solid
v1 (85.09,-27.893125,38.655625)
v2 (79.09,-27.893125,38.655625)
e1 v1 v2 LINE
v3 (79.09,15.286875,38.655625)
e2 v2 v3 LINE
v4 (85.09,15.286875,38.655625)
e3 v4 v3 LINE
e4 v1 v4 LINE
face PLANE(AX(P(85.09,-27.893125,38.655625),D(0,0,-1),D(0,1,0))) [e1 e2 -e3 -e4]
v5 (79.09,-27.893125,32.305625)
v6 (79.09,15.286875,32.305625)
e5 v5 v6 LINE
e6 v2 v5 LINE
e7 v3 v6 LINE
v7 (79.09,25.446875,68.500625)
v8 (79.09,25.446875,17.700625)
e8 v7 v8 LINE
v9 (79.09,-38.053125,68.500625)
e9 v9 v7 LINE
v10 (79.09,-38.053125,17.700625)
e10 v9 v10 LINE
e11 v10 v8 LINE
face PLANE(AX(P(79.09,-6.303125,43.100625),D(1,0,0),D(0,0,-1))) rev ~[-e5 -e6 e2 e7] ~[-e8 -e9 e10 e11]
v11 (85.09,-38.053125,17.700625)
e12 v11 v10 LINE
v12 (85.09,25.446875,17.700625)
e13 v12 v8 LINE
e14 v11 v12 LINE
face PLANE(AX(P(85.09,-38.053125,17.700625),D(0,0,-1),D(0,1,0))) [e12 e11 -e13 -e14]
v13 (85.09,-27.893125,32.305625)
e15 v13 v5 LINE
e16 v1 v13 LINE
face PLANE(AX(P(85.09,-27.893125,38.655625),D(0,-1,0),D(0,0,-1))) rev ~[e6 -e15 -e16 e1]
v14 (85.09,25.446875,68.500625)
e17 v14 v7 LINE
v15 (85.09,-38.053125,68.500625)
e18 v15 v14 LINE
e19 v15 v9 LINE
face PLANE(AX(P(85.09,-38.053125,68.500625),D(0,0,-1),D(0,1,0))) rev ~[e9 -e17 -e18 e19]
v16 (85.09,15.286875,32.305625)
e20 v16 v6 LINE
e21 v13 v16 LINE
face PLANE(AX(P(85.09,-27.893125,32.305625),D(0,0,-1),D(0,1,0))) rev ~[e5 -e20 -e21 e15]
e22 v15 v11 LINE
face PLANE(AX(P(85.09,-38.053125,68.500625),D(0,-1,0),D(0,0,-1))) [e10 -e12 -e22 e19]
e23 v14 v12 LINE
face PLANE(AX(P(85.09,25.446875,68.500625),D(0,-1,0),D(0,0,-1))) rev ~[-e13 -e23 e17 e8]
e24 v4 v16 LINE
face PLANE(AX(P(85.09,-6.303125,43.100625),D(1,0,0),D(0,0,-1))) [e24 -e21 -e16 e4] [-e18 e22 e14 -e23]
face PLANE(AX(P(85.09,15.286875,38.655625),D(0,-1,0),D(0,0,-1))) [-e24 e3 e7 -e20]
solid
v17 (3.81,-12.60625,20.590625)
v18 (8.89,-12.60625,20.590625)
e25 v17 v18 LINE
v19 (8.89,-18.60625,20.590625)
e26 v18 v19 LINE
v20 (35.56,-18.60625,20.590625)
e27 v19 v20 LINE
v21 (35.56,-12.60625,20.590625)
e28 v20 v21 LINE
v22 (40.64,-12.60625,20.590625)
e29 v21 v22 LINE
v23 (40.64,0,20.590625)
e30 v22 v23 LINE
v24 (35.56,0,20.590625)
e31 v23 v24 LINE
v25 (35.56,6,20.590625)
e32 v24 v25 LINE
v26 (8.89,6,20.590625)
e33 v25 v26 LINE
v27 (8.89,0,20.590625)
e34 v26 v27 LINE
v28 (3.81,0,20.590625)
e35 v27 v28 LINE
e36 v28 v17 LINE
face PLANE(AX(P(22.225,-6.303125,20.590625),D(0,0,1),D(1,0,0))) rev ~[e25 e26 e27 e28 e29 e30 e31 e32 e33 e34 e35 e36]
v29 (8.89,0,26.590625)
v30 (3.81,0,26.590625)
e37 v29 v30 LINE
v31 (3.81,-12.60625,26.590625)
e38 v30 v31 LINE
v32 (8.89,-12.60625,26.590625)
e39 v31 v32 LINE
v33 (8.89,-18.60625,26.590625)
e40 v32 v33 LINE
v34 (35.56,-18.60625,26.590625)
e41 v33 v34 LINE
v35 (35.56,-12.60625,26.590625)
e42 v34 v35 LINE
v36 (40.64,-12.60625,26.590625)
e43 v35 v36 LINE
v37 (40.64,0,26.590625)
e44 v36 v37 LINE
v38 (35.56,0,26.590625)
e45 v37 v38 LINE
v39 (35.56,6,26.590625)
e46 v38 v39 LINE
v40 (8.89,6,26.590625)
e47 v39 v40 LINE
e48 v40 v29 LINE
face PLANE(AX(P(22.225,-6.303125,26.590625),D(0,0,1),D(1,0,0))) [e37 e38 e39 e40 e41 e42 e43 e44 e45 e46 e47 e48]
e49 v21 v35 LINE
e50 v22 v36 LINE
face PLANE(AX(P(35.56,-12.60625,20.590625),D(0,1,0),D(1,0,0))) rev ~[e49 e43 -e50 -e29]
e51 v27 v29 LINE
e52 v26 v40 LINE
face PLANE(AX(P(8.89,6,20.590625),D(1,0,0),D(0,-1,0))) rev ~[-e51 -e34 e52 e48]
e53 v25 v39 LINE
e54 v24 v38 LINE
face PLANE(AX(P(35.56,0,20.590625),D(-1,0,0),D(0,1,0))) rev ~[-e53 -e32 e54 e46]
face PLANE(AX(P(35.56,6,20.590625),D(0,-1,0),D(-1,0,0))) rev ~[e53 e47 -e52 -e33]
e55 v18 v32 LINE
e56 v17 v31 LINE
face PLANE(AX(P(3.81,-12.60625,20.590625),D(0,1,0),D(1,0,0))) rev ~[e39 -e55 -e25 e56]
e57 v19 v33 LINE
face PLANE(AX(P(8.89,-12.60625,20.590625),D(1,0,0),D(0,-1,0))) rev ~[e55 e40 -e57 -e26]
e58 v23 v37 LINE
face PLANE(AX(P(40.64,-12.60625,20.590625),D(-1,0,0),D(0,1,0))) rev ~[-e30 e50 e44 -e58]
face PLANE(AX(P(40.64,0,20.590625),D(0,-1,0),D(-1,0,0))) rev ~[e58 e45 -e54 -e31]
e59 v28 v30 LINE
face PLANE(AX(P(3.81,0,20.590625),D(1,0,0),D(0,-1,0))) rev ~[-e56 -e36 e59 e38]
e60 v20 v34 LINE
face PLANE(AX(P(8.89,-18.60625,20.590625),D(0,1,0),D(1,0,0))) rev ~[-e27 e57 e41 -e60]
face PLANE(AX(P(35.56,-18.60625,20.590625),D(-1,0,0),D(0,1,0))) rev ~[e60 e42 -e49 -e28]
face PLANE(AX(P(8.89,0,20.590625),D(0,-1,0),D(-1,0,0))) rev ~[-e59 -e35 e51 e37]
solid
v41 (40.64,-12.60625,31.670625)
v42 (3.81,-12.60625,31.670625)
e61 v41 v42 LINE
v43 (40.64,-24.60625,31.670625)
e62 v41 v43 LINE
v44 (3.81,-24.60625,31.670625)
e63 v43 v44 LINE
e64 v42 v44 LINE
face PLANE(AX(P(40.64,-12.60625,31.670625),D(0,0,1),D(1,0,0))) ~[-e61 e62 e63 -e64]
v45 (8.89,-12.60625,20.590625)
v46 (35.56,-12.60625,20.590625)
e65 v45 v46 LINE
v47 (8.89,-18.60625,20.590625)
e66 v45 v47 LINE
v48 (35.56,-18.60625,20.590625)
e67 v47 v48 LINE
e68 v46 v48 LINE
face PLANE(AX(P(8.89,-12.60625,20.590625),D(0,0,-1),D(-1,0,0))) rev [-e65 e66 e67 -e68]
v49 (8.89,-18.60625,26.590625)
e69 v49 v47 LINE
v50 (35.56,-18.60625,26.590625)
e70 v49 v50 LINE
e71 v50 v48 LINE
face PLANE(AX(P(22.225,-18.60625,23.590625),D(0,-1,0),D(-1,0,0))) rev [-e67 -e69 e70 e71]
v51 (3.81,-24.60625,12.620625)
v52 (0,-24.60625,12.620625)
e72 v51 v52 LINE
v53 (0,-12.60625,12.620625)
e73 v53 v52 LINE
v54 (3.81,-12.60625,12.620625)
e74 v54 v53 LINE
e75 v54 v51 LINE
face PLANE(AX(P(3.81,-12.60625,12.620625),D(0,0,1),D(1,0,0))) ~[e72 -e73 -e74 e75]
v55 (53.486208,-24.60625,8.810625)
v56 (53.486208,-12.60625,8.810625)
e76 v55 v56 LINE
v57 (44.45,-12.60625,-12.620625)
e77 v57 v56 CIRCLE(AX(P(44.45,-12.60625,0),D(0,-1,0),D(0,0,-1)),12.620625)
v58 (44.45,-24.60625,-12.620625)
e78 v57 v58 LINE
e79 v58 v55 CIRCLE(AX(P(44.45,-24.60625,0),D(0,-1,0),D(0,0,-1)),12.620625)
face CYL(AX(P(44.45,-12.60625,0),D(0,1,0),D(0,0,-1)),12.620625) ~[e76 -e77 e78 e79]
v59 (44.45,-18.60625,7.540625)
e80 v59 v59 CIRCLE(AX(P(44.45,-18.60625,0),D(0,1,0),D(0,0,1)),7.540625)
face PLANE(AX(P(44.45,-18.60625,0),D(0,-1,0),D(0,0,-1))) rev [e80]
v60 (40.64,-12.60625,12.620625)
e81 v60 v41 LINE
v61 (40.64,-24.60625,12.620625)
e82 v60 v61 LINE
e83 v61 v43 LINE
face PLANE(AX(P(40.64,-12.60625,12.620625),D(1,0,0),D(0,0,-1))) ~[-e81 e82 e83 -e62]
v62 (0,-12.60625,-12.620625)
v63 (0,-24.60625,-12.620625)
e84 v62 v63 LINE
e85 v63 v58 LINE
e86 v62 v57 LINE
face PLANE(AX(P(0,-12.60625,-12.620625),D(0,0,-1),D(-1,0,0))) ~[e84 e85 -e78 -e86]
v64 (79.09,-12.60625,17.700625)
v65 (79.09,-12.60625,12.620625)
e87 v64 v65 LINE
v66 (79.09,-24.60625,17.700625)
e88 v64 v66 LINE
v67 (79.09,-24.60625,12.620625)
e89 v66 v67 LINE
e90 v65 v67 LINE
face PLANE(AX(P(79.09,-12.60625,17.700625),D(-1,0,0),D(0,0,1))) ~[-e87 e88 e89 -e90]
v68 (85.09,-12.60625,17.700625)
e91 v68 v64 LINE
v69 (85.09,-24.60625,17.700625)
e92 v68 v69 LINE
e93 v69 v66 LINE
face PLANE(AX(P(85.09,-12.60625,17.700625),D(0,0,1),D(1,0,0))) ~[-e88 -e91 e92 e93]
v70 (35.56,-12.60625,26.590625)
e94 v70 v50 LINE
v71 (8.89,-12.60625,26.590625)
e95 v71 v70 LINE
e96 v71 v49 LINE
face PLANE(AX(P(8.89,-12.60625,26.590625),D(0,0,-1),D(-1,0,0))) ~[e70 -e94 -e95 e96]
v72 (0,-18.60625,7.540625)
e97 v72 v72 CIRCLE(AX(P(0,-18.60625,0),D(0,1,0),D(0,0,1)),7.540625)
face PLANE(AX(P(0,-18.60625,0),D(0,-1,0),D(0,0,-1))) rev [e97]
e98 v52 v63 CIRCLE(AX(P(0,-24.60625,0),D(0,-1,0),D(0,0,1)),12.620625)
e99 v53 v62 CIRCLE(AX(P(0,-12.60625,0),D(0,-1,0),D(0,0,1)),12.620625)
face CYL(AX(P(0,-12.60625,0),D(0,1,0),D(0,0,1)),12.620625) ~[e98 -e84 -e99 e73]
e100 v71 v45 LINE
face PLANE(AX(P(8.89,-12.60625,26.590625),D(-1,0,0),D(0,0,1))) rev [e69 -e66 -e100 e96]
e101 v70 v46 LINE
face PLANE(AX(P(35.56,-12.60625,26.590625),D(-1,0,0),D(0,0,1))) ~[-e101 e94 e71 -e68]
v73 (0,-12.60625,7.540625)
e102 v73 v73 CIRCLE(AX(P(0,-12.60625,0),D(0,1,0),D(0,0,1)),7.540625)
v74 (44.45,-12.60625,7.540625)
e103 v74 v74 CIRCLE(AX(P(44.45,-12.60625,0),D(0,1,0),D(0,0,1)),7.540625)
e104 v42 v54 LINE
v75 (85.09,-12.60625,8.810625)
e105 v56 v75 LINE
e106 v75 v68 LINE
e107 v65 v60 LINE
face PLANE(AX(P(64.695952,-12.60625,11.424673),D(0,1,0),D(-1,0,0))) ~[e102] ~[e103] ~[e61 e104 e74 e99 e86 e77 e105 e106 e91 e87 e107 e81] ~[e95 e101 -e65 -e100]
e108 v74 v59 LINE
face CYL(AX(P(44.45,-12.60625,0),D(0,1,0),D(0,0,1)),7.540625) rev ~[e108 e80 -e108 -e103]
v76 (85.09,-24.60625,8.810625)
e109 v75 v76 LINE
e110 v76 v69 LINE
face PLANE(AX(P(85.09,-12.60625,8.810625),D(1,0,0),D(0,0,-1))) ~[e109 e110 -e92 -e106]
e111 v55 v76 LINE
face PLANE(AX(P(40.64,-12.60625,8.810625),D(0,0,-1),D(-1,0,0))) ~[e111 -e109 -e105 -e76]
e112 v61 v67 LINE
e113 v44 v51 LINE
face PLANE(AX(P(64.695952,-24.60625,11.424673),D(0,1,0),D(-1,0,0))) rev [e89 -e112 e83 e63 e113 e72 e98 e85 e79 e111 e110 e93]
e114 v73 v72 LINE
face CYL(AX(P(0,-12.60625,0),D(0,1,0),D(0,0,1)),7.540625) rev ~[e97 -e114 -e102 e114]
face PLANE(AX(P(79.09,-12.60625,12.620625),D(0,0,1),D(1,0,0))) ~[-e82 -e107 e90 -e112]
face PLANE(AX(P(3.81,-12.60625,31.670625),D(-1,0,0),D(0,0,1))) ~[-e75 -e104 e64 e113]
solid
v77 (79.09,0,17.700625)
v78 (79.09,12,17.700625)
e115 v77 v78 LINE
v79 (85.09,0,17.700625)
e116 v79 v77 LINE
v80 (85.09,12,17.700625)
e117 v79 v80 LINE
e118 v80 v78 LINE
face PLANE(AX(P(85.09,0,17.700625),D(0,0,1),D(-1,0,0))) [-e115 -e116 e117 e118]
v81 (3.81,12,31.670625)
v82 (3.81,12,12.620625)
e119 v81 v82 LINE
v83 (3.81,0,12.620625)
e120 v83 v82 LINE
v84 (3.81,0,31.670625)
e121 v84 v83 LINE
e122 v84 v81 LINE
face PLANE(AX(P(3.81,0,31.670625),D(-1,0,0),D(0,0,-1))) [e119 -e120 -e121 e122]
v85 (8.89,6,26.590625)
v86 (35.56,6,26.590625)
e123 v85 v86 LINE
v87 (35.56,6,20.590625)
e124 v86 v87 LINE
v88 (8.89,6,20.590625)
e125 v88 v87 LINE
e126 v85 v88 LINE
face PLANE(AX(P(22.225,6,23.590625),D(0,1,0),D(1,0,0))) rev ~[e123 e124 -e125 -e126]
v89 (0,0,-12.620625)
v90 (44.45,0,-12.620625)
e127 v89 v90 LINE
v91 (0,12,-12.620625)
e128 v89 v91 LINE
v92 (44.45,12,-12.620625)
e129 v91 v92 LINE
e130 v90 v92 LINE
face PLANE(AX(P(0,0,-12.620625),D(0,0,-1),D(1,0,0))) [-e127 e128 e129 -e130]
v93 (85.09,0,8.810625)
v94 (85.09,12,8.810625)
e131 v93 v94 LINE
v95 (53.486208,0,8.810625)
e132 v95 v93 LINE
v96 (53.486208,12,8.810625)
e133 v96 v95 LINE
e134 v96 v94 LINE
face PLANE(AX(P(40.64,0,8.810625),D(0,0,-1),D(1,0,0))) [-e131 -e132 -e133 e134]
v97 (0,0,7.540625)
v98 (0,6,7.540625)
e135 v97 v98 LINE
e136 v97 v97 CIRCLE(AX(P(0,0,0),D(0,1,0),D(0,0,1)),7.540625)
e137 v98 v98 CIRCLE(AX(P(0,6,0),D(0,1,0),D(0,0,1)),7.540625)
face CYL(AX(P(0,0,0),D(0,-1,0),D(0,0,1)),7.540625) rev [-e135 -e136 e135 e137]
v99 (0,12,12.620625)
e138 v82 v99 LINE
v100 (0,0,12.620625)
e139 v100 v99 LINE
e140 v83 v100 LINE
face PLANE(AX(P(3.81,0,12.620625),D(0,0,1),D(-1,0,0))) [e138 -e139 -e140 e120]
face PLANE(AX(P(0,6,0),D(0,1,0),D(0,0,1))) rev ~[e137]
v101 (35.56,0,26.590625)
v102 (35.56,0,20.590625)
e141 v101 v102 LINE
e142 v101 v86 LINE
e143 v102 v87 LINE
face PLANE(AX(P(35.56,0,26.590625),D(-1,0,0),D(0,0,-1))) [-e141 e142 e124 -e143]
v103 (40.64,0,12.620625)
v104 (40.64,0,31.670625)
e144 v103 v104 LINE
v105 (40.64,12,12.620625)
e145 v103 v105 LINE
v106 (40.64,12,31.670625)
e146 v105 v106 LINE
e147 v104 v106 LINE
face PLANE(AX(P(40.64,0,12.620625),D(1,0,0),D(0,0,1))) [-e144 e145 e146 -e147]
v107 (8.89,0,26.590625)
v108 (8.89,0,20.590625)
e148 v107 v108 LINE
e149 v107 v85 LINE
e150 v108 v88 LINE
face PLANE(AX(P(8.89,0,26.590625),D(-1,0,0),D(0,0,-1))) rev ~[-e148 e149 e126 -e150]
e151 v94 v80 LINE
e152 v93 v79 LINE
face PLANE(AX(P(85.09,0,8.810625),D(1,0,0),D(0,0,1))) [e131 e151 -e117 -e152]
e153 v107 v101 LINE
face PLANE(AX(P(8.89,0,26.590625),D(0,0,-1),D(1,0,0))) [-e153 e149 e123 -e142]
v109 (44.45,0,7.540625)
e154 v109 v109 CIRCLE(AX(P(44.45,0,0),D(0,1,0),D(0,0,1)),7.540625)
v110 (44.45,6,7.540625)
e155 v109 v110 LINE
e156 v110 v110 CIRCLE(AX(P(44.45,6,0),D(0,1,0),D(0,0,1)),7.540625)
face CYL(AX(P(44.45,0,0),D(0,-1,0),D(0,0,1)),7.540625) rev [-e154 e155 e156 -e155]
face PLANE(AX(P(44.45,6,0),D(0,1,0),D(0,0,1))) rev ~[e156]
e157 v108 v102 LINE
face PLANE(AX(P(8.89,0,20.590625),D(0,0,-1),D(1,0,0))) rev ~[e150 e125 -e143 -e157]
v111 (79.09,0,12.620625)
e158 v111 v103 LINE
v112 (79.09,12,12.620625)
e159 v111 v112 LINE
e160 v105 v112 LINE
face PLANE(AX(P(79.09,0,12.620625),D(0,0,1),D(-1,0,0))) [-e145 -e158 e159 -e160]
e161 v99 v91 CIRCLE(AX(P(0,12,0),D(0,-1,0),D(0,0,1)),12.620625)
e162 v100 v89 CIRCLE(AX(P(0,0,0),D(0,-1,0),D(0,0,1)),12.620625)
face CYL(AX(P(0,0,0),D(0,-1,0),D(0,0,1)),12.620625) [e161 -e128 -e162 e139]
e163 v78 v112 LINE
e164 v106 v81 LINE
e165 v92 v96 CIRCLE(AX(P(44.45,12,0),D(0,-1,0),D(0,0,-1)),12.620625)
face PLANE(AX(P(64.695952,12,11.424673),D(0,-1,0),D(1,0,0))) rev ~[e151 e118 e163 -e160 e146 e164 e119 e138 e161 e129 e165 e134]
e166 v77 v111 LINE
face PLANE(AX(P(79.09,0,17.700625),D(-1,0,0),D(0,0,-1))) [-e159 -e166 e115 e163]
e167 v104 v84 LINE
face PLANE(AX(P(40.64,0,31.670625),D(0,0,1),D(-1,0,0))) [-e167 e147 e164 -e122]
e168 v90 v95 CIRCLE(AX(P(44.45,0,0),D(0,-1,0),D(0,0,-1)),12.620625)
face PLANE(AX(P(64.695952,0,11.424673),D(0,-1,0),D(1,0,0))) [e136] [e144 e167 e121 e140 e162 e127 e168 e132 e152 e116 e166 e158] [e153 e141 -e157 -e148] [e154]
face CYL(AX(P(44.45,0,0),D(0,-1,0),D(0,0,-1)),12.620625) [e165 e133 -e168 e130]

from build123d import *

# Parameters (mm, degrees)
BOSS_EXTRUDE1_DEPTH = 12
SKETCH1_3_R         = 7.540625
SKETCH1_3_W         = 26.67
SKETCH1_3_H         = 6
CUT_EXTRUDE1_DEPTH  = 6
BOSS_EXTRUDE3_DEPTH = 12
BOSS_EXTRUDE2_DEPTH = 6
SKETCH4_W           = 50.8
SKETCH4_H           = 63.5
SKETCH4_W_2         = 6.35
SKETCH4_H_2         = 43.18
BOSS_EXTRUDE4_DEPTH = 6


with BuildPart() as part:
    # Sketch1 → Boss-Extrude1 (new body)
    with BuildSketch(Plane(origin=(0, 0, 0), x_dir=(1, 0, 0), z_dir=(0, 1, 0))):
        with BuildLine():
            Line((0, 12.620625), (44.45, 12.620625))
            ThreePointArc((44.45, 12.620625), (57.070625, 0), (44.45, -12.620625))
            Line((44.45, -12.620625), (40.64, -12.620625))
            Line((40.64, -12.620625), (40.64, -31.670625))
            Line((40.64, -31.670625), (3.81, -31.670625))
            Line((3.81, -31.670625), (3.81, -12.620625))
            Line((3.81, -12.620625), (0, -12.620625))
            ThreePointArc((0, -12.620625), (-12.620625, 0), (0, 12.620625))
        make_face()
    extrude(amount=BOSS_EXTRUDE1_DEPTH)

    # Sketch1<3> → Cut-Extrude1 (cut)
    with BuildSketch(Plane(origin=(0, 0, 0), x_dir=(1, 0, 0), z_dir=(0, 1, 0))):
        with Locations(Location((0, 0, 0), (0, 0, 270))):
            Circle(SKETCH1_3_R)
        with Locations(Location((44.45, 0, 0), (0, 0, 270))):
            Circle(SKETCH1_3_R)
        with Locations((22.225, -23.590625)):
            Rectangle(SKETCH1_3_W, SKETCH1_3_H)
    extrude(amount=CUT_EXTRUDE1_DEPTH, mode=Mode.SUBTRACT)

    # Sketch3 → Boss-Extrude3 (add)
    with BuildSketch(Plane.XZ):
        Polygon((85.09, 12.620625), (85.09, 17.700625), (79.09, 17.700625), (79.09, 12.620625), (40.64, 12.620625), (40.64, 8.810625), (85.09, 8.810625), align=None)
    extrude(amount=-BOSS_EXTRUDE3_DEPTH)


with BuildPart() as body_2:
    # Mirror1: mirrored copy
    add(part.part.mirror(Plane(origin=(0, -6.303125062, 0), x_dir=(0, 0, 1), z_dir=(0, -1, 0))))


with BuildPart() as body_3:
    # Sketch2 → Boss-Extrude2 (new body)
    with BuildSketch(Plane.XY.offset(20.590625)):
        Polygon((8.89, -12.606250124), (8.89, -18.606250124), (35.56, -18.606250124), (35.56, -12.606250124), (40.64, -12.606250124), (40.64, 0), (35.56, 0), (35.56, 6), (8.89, 6), (8.89, 0), (3.81, 0), (3.81, -12.606250124), align=None)
    extrude(amount=BOSS_EXTRUDE2_DEPTH)


with BuildPart() as body_4:
    # Sketch4 → Boss-Extrude4 (new body)
    with BuildSketch(Plane(origin=(85.09, 0, 0), x_dir=(0, 0, -1), z_dir=(1, 0, 0))):
        with Locations((-43.100625, -6.303125062)):
            Rectangle(SKETCH4_W, SKETCH4_H)
        with Locations((-35.480625, -6.303125062)):
            Rectangle(SKETCH4_W_2, SKETCH4_H_2, mode=Mode.SUBTRACT)
    extrude(amount=-BOSS_EXTRUDE4_DEPTH)


solid = Compound([part.part, body_2.part, body_3.part, body_4.part])
